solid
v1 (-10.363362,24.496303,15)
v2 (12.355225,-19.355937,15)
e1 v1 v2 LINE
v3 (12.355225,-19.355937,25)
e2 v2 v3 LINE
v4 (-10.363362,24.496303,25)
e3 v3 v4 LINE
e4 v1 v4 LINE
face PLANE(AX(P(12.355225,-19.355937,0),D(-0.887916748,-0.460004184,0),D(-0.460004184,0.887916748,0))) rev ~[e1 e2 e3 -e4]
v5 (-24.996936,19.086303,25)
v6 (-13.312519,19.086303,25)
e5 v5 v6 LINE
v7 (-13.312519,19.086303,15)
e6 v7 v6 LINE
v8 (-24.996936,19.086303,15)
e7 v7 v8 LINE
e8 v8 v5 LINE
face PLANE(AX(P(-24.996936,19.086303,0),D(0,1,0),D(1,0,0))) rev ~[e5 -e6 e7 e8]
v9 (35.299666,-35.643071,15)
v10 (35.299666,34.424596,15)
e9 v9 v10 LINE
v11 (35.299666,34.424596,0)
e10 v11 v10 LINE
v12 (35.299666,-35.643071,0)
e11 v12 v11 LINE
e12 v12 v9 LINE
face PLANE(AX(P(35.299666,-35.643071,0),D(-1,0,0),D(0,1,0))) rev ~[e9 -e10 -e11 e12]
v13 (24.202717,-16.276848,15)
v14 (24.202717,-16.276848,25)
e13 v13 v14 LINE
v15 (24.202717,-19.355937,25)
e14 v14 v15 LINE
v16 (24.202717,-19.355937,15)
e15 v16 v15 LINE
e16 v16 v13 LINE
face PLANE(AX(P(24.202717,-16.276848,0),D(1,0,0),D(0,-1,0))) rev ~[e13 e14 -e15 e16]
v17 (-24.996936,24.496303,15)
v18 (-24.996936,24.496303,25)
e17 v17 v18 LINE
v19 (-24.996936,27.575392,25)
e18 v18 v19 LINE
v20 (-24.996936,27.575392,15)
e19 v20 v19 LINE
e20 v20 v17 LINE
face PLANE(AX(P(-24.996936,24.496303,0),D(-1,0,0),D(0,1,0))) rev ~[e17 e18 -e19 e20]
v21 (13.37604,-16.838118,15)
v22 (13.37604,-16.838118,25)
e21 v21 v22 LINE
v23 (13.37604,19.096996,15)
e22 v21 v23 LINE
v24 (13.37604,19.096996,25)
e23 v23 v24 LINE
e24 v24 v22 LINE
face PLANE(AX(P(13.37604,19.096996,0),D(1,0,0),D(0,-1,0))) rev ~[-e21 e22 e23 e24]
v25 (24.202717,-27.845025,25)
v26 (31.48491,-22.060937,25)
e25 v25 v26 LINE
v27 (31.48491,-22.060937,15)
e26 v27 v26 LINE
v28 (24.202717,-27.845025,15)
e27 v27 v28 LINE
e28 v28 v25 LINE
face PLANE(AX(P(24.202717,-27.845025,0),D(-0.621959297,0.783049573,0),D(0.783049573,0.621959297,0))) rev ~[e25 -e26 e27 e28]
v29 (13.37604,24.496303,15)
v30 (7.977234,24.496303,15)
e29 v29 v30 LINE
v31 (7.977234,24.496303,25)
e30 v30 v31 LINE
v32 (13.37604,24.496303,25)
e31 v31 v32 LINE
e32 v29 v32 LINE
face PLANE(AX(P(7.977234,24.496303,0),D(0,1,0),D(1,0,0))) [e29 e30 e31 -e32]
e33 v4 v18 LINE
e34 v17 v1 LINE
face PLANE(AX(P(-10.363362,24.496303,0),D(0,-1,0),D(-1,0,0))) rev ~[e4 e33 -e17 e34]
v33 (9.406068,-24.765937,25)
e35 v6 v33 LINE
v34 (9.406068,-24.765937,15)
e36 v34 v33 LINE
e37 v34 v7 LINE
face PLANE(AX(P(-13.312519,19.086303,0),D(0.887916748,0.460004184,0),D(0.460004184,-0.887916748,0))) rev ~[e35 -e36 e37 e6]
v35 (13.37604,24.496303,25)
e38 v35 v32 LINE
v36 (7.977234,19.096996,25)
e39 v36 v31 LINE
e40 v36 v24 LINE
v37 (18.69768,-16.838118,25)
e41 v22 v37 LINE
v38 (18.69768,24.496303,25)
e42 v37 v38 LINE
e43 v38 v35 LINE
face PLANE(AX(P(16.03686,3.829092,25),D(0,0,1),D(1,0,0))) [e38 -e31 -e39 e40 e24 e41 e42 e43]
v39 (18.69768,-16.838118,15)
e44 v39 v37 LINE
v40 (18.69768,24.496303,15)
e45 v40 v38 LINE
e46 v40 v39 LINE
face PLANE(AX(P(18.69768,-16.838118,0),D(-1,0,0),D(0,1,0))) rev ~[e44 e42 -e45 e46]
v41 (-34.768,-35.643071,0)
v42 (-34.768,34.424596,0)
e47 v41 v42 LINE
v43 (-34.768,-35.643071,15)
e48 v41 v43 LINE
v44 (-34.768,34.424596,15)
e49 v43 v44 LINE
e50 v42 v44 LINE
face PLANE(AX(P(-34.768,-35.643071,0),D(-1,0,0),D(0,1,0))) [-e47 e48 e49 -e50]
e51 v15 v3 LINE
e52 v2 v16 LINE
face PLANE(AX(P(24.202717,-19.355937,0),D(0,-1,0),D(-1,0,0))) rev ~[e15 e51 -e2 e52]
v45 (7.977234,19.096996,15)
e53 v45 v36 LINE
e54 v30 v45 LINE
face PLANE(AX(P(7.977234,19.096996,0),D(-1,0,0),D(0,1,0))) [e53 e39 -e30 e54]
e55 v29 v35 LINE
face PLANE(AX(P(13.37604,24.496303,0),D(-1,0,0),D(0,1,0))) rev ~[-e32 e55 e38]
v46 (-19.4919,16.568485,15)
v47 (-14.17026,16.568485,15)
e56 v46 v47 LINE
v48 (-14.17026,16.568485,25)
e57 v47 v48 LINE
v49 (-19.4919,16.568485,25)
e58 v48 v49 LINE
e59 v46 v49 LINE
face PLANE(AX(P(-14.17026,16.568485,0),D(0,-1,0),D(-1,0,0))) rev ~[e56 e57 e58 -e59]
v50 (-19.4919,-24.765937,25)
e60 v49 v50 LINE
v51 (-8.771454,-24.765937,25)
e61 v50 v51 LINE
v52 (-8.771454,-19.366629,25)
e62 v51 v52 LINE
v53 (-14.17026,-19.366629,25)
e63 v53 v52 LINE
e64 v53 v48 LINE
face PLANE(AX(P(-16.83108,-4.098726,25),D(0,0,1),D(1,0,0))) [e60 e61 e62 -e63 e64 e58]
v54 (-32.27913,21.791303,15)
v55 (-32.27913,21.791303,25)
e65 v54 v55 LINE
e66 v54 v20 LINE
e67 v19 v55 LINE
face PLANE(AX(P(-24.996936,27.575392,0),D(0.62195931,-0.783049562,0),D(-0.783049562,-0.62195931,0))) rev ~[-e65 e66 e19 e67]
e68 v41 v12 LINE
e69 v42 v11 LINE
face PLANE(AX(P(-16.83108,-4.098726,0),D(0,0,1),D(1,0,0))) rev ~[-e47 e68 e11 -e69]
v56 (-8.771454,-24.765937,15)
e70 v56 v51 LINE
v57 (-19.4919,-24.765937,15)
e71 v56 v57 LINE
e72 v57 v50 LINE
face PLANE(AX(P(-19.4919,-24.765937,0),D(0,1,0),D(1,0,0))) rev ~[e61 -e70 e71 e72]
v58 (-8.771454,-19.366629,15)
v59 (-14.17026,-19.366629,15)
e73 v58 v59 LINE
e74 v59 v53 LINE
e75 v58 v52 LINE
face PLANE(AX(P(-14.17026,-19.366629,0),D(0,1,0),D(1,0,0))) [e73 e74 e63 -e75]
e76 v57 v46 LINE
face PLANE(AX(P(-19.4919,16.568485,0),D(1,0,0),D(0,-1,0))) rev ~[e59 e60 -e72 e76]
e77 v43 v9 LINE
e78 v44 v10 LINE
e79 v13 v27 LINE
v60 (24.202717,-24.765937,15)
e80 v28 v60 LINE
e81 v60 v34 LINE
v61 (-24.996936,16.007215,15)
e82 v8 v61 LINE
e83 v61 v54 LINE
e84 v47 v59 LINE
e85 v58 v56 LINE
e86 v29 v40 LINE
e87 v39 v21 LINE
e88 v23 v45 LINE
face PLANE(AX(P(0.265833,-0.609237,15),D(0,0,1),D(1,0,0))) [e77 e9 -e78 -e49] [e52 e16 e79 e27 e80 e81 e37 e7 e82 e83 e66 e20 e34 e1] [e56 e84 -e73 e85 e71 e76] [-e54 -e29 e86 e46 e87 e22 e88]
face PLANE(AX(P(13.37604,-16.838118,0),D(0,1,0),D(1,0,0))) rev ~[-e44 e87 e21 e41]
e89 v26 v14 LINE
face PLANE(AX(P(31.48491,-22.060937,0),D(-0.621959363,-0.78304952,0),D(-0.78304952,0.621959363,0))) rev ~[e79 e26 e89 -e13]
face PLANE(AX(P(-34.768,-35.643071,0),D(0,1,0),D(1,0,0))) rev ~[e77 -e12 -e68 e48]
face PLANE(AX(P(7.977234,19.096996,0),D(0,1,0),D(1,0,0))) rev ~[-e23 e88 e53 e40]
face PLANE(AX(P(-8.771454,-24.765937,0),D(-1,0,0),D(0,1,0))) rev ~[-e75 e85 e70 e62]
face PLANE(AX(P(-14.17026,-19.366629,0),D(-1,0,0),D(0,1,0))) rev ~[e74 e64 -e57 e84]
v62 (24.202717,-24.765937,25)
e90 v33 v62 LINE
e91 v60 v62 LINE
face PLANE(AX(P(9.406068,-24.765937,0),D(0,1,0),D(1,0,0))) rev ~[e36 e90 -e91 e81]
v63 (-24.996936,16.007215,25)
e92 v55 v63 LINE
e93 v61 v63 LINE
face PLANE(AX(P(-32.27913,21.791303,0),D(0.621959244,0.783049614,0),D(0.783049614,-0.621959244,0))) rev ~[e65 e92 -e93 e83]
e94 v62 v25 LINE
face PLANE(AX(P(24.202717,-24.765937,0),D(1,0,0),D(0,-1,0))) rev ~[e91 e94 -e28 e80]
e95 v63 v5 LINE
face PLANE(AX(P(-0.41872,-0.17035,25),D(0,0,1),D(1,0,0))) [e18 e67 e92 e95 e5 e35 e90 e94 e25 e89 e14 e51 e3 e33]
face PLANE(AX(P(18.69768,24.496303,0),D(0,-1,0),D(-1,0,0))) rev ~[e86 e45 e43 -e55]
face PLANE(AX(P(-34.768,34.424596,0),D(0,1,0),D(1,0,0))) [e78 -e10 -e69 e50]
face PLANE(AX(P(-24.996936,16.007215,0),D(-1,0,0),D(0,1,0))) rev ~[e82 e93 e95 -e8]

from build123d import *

# Parameters (mm, degrees)
F0_W     = 70.067666
F0_H     = 70.067667
F2_DEPTH = 15
F1_W     = 5.398806
F1_H     = 5.399308
F1_H_2   = 5.399307
F3_DEPTH = 25


with BuildPart() as f2:
    # F0 (on Top) → F2 (new body)
    with BuildSketch(Plane.XY):
        with Locations((0.265833, -0.609237)):
            Rectangle(F0_W, F0_H)
    extrude(amount=F2_DEPTH)

    # F1 (on Top) → F3 (join)
    with BuildSketch(Plane.XY):
        Polygon((-14.17026, 16.568485), (-19.4919, 16.568485), (-19.4919, -24.765937), (-14.17026, -24.765937), (-14.17026, -19.366629), align=None)
        with Locations((-11.470857, -22.066283)):
            Rectangle(F1_W, F1_H)
        Polygon((-10.363362, 24.496303), (-19.585205, 24.496303), (-24.996936, 24.496303), (-24.996936, 27.575392), (-32.27913, 21.791303), (-24.996936, 16.007215), (-24.996936, 19.086303), (-19.585205, 19.086303), (-13.312519, 19.086303), (9.406068, -24.765937), (18.790985, -24.765937), (24.202717, -24.765937), (24.202717, -27.845025), (31.48491, -22.060937), (24.202717, -16.276848), (24.202717, -19.355937), (18.790985, -19.355937), (12.355225, -19.355937), align=None)
        Polygon((13.37604, -16.838118), (18.69768, -16.838118), (18.69768, 24.496303), (13.37604, 24.496303), (13.37604, 19.096996), align=None)
        with Locations((10.676637, 21.79665)):
            Rectangle(F1_W, F1_H_2)
    extrude(amount=F3_DEPTH)


solid = f2.part
